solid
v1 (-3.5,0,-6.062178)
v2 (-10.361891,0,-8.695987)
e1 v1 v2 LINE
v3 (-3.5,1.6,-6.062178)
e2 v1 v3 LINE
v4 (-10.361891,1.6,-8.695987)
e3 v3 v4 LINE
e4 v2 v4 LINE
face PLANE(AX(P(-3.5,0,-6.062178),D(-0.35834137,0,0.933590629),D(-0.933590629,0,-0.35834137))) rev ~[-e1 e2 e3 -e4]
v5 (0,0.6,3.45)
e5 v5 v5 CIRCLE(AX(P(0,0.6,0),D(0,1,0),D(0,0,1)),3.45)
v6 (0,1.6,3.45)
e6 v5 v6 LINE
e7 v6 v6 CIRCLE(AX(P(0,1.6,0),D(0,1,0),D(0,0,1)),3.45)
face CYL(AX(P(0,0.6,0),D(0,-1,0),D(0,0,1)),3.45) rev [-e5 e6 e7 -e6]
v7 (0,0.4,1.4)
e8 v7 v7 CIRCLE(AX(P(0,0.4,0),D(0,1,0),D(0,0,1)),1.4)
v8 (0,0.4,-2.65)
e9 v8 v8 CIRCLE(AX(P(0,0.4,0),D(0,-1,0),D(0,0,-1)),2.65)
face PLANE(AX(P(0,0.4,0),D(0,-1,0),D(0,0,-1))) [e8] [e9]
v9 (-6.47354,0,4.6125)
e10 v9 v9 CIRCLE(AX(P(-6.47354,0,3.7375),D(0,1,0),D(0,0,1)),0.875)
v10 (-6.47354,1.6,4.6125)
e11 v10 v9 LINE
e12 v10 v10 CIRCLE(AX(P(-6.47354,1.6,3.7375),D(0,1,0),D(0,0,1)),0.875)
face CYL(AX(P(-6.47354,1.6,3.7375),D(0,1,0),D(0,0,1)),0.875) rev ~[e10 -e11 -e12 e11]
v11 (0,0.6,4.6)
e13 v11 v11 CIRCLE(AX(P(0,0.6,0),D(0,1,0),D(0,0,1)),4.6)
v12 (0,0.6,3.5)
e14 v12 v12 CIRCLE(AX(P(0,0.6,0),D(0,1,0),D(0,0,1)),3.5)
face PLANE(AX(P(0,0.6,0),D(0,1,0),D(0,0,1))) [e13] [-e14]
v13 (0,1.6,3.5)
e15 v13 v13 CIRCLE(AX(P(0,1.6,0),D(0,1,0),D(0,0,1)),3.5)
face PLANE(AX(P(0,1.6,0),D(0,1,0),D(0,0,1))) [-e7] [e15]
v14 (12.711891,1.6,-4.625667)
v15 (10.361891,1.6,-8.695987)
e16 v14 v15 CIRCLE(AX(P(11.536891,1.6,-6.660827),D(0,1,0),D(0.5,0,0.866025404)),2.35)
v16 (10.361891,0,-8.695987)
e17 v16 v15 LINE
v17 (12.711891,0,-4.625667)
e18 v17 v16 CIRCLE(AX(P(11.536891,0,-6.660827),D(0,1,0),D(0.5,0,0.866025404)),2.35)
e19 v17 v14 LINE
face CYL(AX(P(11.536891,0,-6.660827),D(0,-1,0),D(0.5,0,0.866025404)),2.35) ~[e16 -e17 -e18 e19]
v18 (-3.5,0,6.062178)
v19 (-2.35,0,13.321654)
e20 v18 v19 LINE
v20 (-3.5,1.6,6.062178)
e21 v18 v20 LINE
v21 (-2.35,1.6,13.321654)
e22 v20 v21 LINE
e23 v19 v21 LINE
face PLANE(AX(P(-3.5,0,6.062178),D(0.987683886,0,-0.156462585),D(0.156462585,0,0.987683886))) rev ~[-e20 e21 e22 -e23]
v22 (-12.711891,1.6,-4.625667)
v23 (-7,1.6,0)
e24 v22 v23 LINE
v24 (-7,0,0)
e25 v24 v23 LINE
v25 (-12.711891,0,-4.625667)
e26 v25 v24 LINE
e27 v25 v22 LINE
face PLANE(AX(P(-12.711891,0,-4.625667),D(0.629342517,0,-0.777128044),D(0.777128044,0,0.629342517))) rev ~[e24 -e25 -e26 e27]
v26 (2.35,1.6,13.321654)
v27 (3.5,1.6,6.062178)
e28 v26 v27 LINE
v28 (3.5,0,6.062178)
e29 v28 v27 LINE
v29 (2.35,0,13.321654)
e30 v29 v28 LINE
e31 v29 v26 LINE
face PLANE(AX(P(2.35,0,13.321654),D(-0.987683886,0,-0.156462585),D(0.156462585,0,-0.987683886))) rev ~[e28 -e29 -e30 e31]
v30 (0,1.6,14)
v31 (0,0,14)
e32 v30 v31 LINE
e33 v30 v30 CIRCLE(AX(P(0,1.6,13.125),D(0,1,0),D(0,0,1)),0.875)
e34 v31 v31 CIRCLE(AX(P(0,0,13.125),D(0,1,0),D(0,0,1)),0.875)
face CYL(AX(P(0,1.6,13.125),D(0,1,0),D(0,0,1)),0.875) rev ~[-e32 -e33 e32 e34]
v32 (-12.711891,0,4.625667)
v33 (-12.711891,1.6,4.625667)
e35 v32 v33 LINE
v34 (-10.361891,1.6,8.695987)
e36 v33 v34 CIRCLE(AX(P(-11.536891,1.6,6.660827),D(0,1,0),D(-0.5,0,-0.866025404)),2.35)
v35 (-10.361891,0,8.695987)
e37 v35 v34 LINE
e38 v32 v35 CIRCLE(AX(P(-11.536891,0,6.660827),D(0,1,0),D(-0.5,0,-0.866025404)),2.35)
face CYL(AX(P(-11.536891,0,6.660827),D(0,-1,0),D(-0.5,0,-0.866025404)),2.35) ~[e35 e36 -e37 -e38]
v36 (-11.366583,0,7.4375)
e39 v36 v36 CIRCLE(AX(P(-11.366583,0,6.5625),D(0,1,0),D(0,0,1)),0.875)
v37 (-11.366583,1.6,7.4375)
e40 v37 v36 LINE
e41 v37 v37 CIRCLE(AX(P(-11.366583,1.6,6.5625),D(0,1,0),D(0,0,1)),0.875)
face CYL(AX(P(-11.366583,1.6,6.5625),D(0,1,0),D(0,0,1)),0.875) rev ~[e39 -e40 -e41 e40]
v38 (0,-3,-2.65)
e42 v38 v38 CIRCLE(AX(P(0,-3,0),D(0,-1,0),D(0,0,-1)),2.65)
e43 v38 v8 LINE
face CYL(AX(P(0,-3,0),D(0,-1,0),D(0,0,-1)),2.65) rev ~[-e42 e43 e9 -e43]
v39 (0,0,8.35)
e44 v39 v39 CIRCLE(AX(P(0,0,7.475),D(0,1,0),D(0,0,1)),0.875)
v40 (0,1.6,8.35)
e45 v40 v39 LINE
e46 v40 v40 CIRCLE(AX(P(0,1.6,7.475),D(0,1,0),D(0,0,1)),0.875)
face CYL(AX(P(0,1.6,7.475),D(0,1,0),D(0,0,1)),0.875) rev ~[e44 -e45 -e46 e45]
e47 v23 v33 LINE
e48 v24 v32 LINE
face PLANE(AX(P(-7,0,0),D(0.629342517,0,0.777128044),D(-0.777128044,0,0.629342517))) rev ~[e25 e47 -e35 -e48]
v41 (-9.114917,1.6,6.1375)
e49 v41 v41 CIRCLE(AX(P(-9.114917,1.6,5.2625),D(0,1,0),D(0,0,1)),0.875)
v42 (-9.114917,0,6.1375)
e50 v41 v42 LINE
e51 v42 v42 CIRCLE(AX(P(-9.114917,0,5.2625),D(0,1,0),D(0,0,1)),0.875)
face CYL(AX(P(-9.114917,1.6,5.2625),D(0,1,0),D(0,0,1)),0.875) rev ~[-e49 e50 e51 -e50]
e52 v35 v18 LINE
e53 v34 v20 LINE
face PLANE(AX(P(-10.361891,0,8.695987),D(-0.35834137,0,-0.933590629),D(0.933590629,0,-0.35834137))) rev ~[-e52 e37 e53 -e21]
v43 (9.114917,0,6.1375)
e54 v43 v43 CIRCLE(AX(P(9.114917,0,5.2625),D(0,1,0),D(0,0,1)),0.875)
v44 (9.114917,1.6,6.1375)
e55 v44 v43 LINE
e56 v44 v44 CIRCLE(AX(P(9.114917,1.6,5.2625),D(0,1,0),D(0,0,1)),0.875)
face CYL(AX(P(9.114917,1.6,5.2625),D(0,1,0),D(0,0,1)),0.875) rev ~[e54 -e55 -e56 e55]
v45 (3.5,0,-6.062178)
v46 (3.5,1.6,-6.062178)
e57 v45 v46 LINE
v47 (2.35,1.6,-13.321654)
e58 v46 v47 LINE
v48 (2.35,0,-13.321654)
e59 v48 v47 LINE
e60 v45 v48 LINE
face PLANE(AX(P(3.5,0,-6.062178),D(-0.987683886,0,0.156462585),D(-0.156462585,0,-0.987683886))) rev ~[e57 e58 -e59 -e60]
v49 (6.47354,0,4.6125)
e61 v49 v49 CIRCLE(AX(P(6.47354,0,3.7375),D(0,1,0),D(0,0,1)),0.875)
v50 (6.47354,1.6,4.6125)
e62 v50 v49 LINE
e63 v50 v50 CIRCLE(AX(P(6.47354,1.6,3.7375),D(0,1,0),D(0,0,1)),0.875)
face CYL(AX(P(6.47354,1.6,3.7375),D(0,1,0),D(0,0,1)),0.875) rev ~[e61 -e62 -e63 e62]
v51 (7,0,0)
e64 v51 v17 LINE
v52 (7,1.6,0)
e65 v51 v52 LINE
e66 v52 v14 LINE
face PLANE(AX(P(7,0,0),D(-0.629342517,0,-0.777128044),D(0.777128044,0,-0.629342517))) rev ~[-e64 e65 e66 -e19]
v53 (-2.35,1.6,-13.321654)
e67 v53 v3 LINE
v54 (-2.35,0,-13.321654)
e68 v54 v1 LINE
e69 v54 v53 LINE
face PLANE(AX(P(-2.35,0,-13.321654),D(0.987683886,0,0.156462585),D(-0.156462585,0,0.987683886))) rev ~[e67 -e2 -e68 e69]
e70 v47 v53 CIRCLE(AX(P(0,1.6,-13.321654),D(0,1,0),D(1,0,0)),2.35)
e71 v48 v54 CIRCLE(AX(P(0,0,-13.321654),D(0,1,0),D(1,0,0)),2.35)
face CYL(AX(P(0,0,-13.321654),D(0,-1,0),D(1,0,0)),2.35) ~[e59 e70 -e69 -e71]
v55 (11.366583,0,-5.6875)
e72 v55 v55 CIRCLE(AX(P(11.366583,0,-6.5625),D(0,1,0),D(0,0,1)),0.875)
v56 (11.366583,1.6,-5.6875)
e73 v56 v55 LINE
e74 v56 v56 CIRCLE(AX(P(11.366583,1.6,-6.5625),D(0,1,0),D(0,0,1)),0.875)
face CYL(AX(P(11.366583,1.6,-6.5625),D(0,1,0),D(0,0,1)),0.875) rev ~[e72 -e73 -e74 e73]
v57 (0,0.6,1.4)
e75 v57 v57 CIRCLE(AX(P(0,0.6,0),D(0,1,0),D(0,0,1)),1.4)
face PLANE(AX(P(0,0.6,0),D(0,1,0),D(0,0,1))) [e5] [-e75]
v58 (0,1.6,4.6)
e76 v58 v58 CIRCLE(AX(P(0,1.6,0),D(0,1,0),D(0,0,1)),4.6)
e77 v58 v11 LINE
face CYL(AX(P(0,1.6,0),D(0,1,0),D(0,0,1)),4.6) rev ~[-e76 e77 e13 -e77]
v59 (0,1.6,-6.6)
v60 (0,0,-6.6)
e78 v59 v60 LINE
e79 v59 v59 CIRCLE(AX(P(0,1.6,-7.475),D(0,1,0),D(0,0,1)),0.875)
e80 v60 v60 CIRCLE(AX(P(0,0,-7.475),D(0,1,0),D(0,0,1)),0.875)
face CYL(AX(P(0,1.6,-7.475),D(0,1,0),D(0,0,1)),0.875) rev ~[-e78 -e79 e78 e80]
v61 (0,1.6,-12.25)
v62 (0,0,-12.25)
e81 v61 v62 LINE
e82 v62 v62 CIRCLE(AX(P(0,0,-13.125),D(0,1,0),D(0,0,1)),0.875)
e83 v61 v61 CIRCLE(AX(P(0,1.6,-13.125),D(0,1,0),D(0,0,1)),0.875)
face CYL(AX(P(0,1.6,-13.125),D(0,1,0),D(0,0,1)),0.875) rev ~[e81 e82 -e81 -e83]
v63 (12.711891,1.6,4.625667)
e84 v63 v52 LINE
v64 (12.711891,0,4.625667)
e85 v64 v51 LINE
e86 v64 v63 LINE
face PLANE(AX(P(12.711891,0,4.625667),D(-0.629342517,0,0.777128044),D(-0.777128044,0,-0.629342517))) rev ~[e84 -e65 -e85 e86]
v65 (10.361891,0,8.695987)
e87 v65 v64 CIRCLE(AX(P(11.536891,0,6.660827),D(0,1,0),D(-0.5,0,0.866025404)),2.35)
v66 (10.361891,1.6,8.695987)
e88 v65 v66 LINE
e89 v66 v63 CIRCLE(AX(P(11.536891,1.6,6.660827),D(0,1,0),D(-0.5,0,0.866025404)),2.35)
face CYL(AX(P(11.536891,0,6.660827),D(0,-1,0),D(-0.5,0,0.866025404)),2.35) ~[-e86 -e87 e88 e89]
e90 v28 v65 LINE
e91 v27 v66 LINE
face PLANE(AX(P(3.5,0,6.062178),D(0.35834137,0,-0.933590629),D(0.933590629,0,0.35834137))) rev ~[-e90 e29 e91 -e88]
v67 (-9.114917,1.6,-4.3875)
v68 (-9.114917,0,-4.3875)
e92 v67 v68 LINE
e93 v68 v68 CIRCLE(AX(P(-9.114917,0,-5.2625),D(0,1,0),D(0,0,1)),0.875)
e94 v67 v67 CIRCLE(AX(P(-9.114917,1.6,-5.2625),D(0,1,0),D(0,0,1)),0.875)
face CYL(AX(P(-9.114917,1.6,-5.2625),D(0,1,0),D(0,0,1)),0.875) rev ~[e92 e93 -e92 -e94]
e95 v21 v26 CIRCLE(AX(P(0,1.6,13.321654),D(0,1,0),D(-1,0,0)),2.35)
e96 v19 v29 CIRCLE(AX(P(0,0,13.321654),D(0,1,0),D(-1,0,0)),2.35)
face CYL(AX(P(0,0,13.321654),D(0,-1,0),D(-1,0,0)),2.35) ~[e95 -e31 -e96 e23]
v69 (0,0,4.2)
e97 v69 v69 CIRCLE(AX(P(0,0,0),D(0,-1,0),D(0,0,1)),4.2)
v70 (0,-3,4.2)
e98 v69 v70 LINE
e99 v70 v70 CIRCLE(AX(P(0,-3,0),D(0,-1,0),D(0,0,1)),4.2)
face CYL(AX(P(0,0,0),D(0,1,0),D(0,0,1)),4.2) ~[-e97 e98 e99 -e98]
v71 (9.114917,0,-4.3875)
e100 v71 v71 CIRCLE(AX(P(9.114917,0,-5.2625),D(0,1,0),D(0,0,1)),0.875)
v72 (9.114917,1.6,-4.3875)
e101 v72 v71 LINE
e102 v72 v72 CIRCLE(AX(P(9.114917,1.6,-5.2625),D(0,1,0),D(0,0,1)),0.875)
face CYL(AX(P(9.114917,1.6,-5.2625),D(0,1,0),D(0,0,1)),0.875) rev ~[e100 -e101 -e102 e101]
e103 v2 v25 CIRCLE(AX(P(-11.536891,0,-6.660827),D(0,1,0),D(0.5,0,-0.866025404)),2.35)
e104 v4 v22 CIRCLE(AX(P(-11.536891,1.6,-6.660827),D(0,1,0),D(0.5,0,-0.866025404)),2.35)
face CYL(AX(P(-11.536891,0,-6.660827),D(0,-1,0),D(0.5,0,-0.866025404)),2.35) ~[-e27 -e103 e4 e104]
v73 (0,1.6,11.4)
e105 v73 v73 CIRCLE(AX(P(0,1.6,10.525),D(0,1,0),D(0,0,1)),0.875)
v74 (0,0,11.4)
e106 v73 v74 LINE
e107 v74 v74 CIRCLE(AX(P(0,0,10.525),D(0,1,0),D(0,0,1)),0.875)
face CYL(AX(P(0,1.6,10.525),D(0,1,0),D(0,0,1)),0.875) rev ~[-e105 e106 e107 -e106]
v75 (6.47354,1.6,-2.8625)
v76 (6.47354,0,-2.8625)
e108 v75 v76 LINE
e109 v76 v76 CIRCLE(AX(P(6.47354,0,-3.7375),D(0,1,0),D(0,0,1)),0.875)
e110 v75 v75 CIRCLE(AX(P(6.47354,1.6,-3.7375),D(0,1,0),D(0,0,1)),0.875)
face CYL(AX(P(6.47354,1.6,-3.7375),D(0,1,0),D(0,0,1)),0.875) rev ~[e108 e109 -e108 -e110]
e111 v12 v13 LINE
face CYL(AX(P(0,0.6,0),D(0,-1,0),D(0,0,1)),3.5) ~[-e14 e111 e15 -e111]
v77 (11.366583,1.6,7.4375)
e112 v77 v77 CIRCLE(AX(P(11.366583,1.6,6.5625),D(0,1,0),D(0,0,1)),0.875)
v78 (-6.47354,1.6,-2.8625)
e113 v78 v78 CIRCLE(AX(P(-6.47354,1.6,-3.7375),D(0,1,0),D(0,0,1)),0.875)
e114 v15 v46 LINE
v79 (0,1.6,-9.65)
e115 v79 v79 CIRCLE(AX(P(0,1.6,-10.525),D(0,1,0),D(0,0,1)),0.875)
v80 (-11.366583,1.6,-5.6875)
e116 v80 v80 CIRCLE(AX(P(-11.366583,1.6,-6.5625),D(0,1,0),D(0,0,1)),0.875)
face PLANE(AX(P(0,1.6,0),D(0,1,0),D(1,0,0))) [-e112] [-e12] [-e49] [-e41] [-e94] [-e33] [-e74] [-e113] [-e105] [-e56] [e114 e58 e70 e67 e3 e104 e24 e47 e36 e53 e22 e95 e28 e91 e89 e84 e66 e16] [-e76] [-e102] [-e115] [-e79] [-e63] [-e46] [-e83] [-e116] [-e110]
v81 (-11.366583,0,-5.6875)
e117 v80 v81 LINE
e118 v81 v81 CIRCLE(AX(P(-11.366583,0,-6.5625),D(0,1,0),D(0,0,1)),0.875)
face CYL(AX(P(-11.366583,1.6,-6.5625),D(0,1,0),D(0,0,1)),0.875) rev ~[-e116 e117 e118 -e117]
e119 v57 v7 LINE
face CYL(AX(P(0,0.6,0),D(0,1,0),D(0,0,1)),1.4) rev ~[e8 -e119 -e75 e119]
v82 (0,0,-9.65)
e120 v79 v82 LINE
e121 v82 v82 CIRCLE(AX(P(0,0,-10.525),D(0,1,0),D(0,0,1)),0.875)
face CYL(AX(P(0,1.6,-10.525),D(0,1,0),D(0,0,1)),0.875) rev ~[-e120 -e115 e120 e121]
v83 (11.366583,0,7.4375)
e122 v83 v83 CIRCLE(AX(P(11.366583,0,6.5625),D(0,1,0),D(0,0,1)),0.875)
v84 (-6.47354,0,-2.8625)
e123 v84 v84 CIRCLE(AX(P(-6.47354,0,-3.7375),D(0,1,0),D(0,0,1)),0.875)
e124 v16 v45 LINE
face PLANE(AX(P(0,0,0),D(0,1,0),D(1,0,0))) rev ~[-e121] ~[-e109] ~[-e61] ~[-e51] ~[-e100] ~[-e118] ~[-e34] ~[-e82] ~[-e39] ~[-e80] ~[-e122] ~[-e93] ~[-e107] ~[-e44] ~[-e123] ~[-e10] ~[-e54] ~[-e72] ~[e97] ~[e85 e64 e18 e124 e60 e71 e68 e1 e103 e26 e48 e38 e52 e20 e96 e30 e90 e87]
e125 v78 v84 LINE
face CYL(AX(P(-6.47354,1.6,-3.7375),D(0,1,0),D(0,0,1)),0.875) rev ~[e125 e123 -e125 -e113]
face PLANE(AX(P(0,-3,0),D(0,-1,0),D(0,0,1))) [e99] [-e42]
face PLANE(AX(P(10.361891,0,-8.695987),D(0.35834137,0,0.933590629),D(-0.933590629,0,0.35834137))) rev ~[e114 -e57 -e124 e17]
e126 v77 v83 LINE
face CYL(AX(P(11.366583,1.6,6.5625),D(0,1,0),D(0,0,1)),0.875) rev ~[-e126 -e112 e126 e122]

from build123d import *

# Parameters (mm, degrees)
SALIENTE_EXTRUIR1_DEPTH = 1.6
CROQUIS3_R              = 4.2
SALIENTE_EXTRUIR2_DEPTH = 3
CROQUIS4_R              = 4.6
CORTAR_EXTRUIR1_DEPTH   = 1
CROQUIS5_R              = 3.5
CROQUIS5_R_2            = 3.45
SALIENTE_EXTRUIR3_DEPTH = 1
CROQUIS6_R              = 0.875
CORTAR_EXTRUIR2_DEPTH   = 22.438435028
CROQUIS7_R              = 1.4
CORTAR_EXTRUIR3_DEPTH   = 22.246329011
CROQUIS8_R              = 2.65
CORTAR_EXTRUIR4_DEPTH   = 3.4


with BuildPart() as part:
    # Croquis1 → Saliente-Extruir1 (new body)
    with BuildSketch(Plane(origin=(0, 0, 0), x_dir=(1, 0, 0), z_dir=(0, 1, 0))):
        with BuildLine():
            ThreePointArc((2.35, 13.321654392), (0, 15.671654392), (-2.35, 13.321654392))
            Line((-2.35, 13.321654392), (-3.5, 6.062177826))
            Line((-3.5, 6.062177826), (-10.361891124, 8.695986895))
            ThreePointArc((-10.361891124, 8.695986895), (-13.572050822, 7.835827196), (-12.711891124, 4.625667497))
            Line((-12.711891124, 4.625667497), (-7, 0))
            Line((-7, 0), (-12.711891124, -4.625667497))
            ThreePointArc((-12.711891124, -4.625667497), (-13.572050822, -7.835827196), (-10.361891124, -8.695986895))
            Line((-10.361891124, -8.695986895), (-3.5, -6.062177826))
            Line((-3.5, -6.062177826), (-2.35, -13.321654392))
            ThreePointArc((-2.35, -13.321654392), (0, -15.671654392), (2.35, -13.321654392))
            Line((2.35, -13.321654392), (3.5, -6.062177826))
            Line((3.5, -6.062177826), (10.361891124, -8.695986895))
            ThreePointArc((10.361891124, -8.695986895), (13.572050822, -7.835827196), (12.711891124, -4.625667497))
            Line((12.711891124, -4.625667497), (7, 0))
            Line((7, 0), (12.711891124, 4.625667497))
            ThreePointArc((12.711891124, 4.625667497), (13.572050822, 7.835827196), (10.361891124, 8.695986895))
            Line((10.361891124, 8.695986895), (3.5, 6.062177826))
            Line((3.5, 6.062177826), (2.35, 13.321654392))
        make_face()
    extrude(amount=SALIENTE_EXTRUIR1_DEPTH)

    # Croquis3 → Saliente-Extruir2 (add)
    with BuildSketch(Plane.XZ):
        with Locations(Location((0, 0, 0), (0, 0, 90))):
            Circle(CROQUIS3_R)
    extrude(amount=SALIENTE_EXTRUIR2_DEPTH)

    # Croquis4 → Cortar-Extruir1 (cut)
    with BuildSketch(Plane(origin=(0, 1.6, 0), x_dir=(1, 0, 0), z_dir=(0, 1, 0))):
        with Locations(Location((0, 0, 0), (0, 0, 270))):
            Circle(CROQUIS4_R)
    extrude(amount=-CORTAR_EXTRUIR1_DEPTH, mode=Mode.SUBTRACT)

    # Croquis5 → Saliente-Extruir3 (add)
    with BuildSketch(Plane(origin=(0, 0.6, 0), x_dir=(1, 0, 0), z_dir=(0, 1, 0))):
        with Locations(Location((0, 0, 0), (0, 0, 270))):
            Circle(CROQUIS5_R)
        with Locations(Location((0, 0, 0), (0, 0, 270))):
            Circle(CROQUIS5_R_2, mode=Mode.SUBTRACT)
    extrude(amount=SALIENTE_EXTRUIR3_DEPTH)

    # Croquis6 → Cortar-Extruir2 (cut, through all)
    with BuildSketch(Plane(origin=(0, 1.6, 0), x_dir=(1, 0, 0), z_dir=(0, 1, 0))):
        with Locations(Location((11.366583425, 6.5625, 0), (0, 0, 270))):
            Circle(CROQUIS6_R)
        with Locations(Location((9.114917375, 5.2625, 0), (0, 0, 270))):
            Circle(CROQUIS6_R)
        with Locations(Location((6.473539893, 3.7375, 0), (0, 0, 270))):
            Circle(CROQUIS6_R)
        with Locations(Location((11.366583425, -6.5625, 0), (0, 0, 270))):
            Circle(CROQUIS6_R)
        with Locations(Location((9.114917375, -5.2625, 0), (0, 0, 270))):
            Circle(CROQUIS6_R)
        with Locations(Location((6.473539893, -3.7375, 0), (0, 0, 270))):
            Circle(CROQUIS6_R)
        with Locations(Location((0, -13.125, 0), (0, 0, 270))):
            Circle(CROQUIS6_R)
        with Locations(Location((0, -10.525, 0), (0, 0, 270))):
            Circle(CROQUIS6_R)
        with Locations(Location((0, -7.475, 0), (0, 0, 270))):
            Circle(CROQUIS6_R)
        with Locations(Location((-11.366583425, -6.5625, 0), (0, 0, 270))):
            Circle(CROQUIS6_R)
        with Locations(Location((-9.114917375, -5.2625, 0), (0, 0, 270))):
            Circle(CROQUIS6_R)
        with Locations(Location((-6.473539893, -3.7375, 0), (0, 0, 270))):
            Circle(CROQUIS6_R)
        with Locations(Location((-11.366583425, 6.5625, 0), (0, 0, 270))):
            Circle(CROQUIS6_R)
        with Locations(Location((-9.114917375, 5.2625, 0), (0, 0, 270))):
            Circle(CROQUIS6_R)
        with Locations(Location((-6.473539893, 3.7375, 0), (0, 0, 270))):
            Circle(CROQUIS6_R)
        with Locations(Location((0, 13.125, 0), (0, 0, 270))):
            Circle(CROQUIS6_R)
        with Locations(Location((0, 10.525, 0), (0, 0, 270))):
            Circle(CROQUIS6_R)
        with Locations(Location((0, 7.475, 0), (0, 0, 270))):
            Circle(CROQUIS6_R)
    extrude(amount=-CORTAR_EXTRUIR2_DEPTH, mode=Mode.SUBTRACT)

    # Croquis7 → Cortar-Extruir3 (cut, through all)
    with BuildSketch(Plane(origin=(0, 0.6, 0), x_dir=(1, 0, 0), z_dir=(0, 1, 0))):
        with Locations(Location((0, 0, 0), (0, 0, 270))):
            Circle(CROQUIS7_R)
    extrude(amount=-CORTAR_EXTRUIR3_DEPTH, mode=Mode.SUBTRACT)

    # Croquis8 → Cortar-Extruir4 (cut)
    with BuildSketch(Plane.XZ.offset(3)):
        with Locations(Location((0, 0, 0), (0, 0, 270))):
            Circle(CROQUIS8_R)
    extrude(amount=-CORTAR_EXTRUIR4_DEPTH, mode=Mode.SUBTRACT)


solid = part.part
